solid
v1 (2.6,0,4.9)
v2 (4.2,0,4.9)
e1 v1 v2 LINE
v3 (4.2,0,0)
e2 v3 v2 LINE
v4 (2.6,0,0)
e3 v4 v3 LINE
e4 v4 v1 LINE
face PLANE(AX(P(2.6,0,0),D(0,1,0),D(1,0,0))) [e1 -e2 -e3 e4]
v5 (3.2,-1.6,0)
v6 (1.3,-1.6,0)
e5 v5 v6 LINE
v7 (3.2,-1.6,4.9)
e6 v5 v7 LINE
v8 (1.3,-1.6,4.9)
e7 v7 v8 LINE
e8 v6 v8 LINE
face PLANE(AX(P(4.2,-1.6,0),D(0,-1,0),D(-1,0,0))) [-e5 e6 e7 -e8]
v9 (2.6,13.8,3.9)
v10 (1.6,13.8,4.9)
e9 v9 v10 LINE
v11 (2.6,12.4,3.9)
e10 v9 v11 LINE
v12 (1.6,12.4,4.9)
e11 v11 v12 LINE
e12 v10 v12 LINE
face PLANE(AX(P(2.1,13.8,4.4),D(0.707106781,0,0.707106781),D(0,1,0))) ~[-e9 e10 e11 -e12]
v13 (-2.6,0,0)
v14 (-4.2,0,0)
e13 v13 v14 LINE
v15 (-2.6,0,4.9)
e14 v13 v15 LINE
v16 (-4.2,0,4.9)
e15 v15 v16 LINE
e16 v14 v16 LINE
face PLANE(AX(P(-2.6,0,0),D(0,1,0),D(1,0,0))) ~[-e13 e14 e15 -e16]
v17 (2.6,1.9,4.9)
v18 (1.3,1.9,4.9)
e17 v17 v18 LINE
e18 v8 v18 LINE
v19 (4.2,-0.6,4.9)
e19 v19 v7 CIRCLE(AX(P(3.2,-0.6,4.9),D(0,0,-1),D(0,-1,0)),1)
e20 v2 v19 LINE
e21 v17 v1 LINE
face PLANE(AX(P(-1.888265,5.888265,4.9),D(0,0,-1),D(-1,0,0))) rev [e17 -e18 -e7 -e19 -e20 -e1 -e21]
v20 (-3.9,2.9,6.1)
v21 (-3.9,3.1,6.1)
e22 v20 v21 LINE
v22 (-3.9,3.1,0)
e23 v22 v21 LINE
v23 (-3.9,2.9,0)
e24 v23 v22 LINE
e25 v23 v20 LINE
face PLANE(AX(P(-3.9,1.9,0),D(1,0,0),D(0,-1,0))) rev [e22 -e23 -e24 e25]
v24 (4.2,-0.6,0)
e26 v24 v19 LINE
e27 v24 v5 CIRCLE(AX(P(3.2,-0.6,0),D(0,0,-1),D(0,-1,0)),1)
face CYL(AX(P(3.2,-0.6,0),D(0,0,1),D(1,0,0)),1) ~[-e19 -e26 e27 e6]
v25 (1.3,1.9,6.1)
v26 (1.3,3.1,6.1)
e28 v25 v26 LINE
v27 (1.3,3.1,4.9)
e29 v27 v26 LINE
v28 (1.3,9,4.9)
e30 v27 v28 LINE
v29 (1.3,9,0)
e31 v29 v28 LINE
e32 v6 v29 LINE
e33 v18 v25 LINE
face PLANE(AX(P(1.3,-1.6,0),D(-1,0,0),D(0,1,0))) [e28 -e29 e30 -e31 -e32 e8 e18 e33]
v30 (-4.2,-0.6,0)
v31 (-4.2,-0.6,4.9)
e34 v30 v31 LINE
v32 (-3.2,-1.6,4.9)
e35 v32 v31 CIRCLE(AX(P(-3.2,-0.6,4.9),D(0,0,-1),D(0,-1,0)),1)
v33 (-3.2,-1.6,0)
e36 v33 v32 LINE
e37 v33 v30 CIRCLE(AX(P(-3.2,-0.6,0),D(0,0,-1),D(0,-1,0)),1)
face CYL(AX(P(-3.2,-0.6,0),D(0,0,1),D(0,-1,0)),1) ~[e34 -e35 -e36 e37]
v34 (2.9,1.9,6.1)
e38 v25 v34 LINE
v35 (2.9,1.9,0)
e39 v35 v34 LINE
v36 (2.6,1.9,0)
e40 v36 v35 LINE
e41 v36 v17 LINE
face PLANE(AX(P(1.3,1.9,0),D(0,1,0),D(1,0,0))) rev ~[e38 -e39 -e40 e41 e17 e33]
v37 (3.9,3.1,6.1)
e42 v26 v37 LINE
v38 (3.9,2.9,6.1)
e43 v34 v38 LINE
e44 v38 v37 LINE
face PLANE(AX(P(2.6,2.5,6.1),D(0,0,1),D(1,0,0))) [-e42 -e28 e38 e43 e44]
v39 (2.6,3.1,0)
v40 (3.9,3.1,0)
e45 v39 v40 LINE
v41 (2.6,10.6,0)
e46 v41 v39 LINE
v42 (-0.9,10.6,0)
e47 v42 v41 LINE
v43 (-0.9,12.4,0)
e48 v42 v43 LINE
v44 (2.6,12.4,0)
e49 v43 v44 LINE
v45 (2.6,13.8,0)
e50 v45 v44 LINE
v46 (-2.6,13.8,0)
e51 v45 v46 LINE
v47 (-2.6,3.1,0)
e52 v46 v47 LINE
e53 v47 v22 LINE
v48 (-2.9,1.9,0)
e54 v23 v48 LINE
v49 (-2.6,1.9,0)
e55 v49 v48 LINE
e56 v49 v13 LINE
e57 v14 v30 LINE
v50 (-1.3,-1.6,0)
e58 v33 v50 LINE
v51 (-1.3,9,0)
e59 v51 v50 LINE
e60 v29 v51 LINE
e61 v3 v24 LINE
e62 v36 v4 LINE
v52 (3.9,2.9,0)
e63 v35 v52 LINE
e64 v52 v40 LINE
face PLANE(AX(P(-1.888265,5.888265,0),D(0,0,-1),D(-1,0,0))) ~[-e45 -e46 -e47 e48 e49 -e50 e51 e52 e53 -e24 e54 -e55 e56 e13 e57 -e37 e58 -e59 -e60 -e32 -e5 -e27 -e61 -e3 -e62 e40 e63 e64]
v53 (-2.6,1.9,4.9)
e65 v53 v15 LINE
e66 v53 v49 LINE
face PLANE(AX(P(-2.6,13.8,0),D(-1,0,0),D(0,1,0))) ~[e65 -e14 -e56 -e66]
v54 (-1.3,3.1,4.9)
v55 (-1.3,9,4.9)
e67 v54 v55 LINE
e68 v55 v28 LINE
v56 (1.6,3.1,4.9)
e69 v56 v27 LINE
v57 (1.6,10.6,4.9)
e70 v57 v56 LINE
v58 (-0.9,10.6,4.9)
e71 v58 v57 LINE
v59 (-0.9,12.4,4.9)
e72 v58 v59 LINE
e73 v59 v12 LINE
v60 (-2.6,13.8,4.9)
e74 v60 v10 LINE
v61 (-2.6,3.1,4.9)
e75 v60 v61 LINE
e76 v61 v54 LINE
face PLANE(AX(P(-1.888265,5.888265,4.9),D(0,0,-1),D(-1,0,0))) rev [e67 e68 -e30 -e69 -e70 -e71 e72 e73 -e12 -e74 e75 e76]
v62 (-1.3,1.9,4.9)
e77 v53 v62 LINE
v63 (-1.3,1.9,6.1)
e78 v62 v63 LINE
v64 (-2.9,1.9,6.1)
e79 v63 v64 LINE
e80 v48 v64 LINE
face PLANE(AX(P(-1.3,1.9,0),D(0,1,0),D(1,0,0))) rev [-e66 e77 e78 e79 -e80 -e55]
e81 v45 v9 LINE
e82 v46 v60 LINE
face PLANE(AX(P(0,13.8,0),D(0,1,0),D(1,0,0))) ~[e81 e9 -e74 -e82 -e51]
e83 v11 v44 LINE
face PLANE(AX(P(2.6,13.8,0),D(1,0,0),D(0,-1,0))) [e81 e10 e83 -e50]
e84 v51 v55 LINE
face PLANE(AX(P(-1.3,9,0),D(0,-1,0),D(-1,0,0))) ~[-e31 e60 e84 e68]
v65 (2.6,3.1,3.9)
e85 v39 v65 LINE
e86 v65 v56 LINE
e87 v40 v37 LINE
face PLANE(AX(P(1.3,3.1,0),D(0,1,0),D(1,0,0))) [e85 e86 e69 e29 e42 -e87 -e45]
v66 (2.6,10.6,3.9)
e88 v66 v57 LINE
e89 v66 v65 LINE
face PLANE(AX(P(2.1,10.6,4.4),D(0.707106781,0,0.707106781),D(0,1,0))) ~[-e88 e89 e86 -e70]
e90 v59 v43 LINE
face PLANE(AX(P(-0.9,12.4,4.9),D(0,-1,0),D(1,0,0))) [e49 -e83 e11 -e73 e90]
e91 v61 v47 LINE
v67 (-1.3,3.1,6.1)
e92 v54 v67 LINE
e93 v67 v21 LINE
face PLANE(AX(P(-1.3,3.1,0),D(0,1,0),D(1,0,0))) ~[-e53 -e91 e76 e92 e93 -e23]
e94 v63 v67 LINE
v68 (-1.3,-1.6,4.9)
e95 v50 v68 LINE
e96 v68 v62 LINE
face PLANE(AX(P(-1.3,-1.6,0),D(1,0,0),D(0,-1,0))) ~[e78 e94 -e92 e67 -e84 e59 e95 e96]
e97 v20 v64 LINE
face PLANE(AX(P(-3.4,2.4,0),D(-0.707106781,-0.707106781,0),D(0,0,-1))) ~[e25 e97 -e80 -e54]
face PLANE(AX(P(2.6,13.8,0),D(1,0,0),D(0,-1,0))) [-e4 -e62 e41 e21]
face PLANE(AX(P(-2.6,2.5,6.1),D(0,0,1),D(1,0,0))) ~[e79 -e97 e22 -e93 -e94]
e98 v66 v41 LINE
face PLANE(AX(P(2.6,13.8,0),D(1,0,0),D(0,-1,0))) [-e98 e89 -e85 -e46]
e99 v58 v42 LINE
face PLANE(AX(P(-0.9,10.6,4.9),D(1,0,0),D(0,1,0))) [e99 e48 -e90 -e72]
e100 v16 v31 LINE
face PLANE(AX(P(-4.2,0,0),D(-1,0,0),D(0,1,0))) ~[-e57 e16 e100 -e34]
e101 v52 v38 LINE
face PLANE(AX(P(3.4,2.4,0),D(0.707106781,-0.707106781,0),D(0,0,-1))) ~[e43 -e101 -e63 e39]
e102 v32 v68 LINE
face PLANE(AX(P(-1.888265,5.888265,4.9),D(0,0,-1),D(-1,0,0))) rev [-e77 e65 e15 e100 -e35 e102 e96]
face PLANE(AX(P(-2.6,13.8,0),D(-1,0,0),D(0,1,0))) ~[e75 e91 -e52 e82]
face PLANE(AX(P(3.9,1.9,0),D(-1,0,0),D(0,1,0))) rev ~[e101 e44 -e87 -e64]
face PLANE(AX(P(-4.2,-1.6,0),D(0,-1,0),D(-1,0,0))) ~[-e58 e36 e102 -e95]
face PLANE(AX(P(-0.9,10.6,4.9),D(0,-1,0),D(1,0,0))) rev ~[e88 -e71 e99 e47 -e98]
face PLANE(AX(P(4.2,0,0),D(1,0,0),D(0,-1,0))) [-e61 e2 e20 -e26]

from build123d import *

# Parameters (mm, degrees)
PAD016_DEPTH    = 4.9
SKETCH032_W     = 2.6
SKETCH032_H     = 1.2
PAD017_DEPTH    = 6.1
SKETCH031_W     = 3.5
SKETCH031_H     = 1.8
POCKET013_DEPTH = 3.4
CHAMFER_SIZE    = 1
FILLET010_R     = 1
SKETCH040_W     = 3.5
SKETCH040_H     = 1.8
POCKET016_DEPTH = 4.901


with BuildPart() as part:
    # Sketch030 → Pad016 (new body)
    with BuildSketch(Plane.XY):
        Polygon((0, 9), (0, 13.8), (2.6, 13.8), (2.6, 0), (4.2, 0), (4.2, -1.6), (1.3, -1.6), (1.3, 9), align=None)
    pad016 = extrude(amount=PAD016_DEPTH)

    # Mirrored006: Pad016 across Sketch030 V_Axis
    add(pad016.mirror(Plane(origin=(0, 0, 0), x_dir=(0, 0, 1), z_dir=(1, 0, 0))))

    # Sketch032 → Pad017 (join)
    with BuildSketch(Plane.XY):
        with Locations((2.6, 2.5)):
            Rectangle(SKETCH032_W, SKETCH032_H)
    pad017 = extrude(amount=PAD017_DEPTH)

    # Mirrored007: Pad017 across Sketch032 V_Axis
    add(pad017.mirror(Plane(origin=(0, 0, 0), x_dir=(0, 0, 1), z_dir=(1, 0, 0))))

    # Sketch031 (on Face5 of Mirrored007) → Pocket013 (cut)
    with BuildSketch(Plane.XY.offset(4.9)):
        with Locations((0.85, 11.5)):
            Rectangle(SKETCH031_W, SKETCH031_H)
    extrude(amount=-POCKET013_DEPTH, mode=Mode.SUBTRACT)

    # Chamfer
    chamfer_edges = [part.edges().sort_by_distance(p)[0] for p in [
        (-3.9, 1.9, 3.05),
        (3.9, 1.9, 3.05),
        (2.6, 6.85, 4.9),
        (2.6, 13.1, 4.9),
    ]]
    chamfer(chamfer_edges, length=CHAMFER_SIZE)

    # Fillet010
    fillet010_edges = [part.edges().sort_by_distance(p)[0] for p in [
        (4.2, -1.6, 2.45),
        (-4.2, -1.6, 2.45),
    ]]
    fillet(fillet010_edges, radius=FILLET010_R)


with BuildPart() as part_1:
    # Body004 placement: moved
    add(part.part.moved(Location((-19.5, 0, 3.95))))


with BuildPart() as part_2:
    # Clone placement: moved
    add(part_1.part.moved(Location((19.5, 0, -3.95))))

    # Sketch040 (on Face31 of Fillet010) → Pocket016 (cut, through all)
    with BuildSketch(Plane.XY.offset(4.9)):
        with Locations((0.85, 11.5)):
            Rectangle(SKETCH040_W, SKETCH040_H)
    extrude(amount=-POCKET016_DEPTH, mode=Mode.SUBTRACT)


solid = part_2.part
